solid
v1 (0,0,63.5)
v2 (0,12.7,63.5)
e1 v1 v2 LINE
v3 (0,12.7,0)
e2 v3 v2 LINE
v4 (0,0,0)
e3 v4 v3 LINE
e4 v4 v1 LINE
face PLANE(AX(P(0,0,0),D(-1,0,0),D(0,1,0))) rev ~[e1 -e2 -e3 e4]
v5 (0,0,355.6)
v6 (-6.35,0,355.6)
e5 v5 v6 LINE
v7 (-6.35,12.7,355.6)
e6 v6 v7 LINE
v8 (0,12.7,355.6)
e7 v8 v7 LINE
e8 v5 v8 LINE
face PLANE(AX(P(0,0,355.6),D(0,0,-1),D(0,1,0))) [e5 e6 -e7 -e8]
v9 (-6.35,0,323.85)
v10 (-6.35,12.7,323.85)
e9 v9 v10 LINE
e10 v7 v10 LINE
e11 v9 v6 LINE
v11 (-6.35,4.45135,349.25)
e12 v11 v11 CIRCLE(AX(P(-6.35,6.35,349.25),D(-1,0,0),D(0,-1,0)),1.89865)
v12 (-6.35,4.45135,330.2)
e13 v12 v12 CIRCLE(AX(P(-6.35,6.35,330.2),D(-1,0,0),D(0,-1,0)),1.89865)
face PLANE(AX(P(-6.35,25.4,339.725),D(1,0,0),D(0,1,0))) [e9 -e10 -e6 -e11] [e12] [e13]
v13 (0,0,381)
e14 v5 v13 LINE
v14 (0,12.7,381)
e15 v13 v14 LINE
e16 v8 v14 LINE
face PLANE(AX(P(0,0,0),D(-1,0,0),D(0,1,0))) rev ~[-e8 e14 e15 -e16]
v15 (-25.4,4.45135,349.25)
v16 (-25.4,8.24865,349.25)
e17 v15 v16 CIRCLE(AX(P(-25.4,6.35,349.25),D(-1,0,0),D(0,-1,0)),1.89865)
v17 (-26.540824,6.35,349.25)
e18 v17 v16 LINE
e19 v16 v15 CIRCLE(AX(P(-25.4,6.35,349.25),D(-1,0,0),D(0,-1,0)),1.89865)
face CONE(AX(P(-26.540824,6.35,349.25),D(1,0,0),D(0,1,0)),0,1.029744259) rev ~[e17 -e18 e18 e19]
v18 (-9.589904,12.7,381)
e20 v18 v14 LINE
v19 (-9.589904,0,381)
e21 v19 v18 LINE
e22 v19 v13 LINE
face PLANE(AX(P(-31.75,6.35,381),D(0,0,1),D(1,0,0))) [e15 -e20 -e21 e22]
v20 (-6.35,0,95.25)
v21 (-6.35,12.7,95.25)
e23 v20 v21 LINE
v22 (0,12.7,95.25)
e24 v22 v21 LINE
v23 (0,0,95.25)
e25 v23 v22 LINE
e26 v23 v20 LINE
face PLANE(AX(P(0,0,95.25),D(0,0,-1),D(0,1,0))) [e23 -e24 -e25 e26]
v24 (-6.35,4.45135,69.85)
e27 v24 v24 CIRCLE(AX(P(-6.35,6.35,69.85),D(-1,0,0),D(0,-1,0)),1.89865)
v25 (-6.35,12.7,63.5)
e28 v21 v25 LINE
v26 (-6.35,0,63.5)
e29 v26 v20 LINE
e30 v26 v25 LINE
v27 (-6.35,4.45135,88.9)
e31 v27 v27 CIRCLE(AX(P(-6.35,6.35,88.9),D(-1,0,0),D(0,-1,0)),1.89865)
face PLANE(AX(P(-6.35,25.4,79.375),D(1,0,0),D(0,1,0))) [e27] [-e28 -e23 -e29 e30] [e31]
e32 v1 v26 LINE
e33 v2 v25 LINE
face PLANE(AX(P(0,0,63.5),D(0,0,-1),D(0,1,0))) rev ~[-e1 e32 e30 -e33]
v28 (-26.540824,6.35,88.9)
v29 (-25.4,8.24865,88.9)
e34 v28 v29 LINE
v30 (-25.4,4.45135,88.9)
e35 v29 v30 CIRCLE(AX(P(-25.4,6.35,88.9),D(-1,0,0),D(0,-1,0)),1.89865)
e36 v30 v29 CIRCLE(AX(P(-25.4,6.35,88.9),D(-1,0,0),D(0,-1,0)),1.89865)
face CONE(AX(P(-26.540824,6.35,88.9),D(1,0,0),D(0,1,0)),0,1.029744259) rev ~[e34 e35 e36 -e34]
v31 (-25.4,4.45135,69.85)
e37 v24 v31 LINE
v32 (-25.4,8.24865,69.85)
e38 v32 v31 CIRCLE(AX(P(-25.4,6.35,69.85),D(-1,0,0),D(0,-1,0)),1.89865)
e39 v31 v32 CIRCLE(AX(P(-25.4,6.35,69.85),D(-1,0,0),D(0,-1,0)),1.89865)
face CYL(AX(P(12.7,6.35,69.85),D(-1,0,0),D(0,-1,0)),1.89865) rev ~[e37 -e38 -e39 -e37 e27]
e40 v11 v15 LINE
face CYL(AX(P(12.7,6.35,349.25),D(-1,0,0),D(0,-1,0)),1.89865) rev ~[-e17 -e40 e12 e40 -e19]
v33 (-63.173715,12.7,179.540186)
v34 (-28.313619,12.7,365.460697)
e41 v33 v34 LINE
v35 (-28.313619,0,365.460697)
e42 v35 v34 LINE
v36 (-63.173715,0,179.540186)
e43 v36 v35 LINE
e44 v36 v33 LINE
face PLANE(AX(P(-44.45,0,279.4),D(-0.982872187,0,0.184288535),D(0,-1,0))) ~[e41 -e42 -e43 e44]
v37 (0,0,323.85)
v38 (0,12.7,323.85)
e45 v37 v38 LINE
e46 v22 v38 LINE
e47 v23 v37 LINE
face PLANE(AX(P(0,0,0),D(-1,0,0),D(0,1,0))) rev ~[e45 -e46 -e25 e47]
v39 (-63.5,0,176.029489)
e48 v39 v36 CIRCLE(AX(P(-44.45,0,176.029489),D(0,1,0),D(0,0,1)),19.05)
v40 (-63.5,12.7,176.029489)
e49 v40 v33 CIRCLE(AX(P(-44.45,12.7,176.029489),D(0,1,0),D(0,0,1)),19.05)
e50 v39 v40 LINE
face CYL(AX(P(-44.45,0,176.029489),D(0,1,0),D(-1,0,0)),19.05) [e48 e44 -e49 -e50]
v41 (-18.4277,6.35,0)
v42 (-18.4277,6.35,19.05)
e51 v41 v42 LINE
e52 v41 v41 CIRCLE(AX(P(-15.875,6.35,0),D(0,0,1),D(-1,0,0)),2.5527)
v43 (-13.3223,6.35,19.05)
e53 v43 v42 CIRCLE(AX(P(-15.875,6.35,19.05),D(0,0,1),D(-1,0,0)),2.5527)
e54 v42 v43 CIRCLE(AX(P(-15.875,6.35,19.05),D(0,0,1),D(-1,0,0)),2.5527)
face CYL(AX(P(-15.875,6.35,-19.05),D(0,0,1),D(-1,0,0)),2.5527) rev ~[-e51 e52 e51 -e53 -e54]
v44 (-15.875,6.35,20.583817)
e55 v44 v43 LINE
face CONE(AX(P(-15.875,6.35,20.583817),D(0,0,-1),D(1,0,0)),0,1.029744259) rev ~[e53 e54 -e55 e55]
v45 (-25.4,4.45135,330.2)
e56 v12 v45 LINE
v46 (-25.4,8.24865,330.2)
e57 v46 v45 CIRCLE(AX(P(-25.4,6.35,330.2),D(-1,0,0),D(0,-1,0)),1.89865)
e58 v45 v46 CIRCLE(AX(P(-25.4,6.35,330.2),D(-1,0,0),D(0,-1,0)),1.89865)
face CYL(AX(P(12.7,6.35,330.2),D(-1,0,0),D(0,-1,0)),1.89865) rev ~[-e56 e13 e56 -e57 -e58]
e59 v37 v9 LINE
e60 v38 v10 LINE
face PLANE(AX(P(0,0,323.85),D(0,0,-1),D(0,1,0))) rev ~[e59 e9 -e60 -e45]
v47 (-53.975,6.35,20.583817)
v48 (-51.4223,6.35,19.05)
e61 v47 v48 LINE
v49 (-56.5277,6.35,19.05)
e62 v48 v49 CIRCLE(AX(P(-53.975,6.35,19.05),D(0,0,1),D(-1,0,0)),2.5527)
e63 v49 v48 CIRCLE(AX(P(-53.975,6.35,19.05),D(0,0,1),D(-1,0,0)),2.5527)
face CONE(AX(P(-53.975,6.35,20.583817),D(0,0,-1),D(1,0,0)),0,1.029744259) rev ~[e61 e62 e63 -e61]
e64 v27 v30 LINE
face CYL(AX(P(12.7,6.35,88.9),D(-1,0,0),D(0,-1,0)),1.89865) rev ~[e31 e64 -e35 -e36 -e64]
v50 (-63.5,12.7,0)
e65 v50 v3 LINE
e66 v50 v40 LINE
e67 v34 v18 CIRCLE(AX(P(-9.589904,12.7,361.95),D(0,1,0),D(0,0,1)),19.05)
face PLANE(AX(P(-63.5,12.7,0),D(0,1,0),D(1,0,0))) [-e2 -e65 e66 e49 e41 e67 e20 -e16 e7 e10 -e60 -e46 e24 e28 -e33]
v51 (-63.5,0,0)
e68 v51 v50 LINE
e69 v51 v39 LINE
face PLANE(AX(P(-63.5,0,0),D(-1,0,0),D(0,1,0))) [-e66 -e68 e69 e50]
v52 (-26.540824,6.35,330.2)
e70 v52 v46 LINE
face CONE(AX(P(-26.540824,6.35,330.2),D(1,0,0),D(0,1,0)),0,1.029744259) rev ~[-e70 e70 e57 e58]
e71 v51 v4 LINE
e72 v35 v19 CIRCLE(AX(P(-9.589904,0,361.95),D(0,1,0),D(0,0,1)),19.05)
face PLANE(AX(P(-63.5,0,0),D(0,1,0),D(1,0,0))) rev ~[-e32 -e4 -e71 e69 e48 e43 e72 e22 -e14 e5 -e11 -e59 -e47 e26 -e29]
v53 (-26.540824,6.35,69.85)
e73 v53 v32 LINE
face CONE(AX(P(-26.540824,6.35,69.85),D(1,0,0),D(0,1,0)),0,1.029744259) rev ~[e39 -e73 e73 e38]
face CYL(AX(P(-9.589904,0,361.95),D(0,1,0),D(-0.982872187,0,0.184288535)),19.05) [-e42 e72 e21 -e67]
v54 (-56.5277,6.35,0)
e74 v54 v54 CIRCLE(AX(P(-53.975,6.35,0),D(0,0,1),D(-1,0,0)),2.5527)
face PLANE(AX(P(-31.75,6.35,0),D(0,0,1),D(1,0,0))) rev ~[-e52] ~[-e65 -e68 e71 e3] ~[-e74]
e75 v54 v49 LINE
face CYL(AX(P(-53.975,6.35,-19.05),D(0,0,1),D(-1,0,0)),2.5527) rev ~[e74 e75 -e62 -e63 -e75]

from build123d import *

# Parameters (mm, degrees)
F0_W     = 63.5
F0_H     = 12.7
F1_DEPTH = 381
F3_D     = 5.1054
F3_DEPTH = 19.05
F3_TIP   = 1.5338169022
F4_W     = 50.8
F4_H     = 31.75
F5_DEPTH = 6.35
F7_D     = 3.7973
F7_DEPTH = 19.05
F7_START = 6.35
F7_TIP   = 1.1408240143
F8_SIZE2 = 38.1
F8_SIZE  = 203.2
F9_R     = 19.05


with BuildPart() as f1:
    # F0 (on Top) → F1 (new body)
    with BuildSketch(Plane.XY):
        with Locations((-31.75, 6.35)):
            Rectangle(F0_W, F0_H)
    extrude(amount=F1_DEPTH)

    # F3
    with Locations(Plane(origin=(0, 0, 0), x_dir=(1, 0, 0), z_dir=(0, 0, -1))):
        with Locations((-15.875, -6.35), (-53.975, -6.35)):
            Hole(F3_D / 2, depth=F3_DEPTH)
            with Locations((0, 0, -(F3_DEPTH + F3_TIP / 2))):  # 118° drill point
                Cone(0, F3_D / 2, F3_TIP, mode=Mode.SUBTRACT)

    # F4 (on face) → F5 (cut)
    with BuildSketch(Plane.YZ):
        with Locations((25.4, 79.375)):
            Rectangle(F4_W, F4_H)
        with Locations((25.4, 339.725)):
            Rectangle(F4_W, F4_H)
    extrude(amount=-F5_DEPTH, mode=Mode.SUBTRACT)

    # F7
    # its depths count from where the whole tool has entered the part; down to there all is cleared
    with Locations(Plane.YZ.offset(-F7_START)):
        with Locations((6.35, 69.85), (6.35, 88.9), (6.35, 330.2), (6.35, 349.25)):
            Hole(F7_D / 2, depth=F7_DEPTH)
            with Locations((0, 0, -(F7_DEPTH + F7_TIP / 2))):  # 118° drill point
                Cone(0, F7_D / 2, F7_TIP, mode=Mode.SUBTRACT)

    # F8
    f8_edges = [f1.edges().sort_by_distance(p)[0] for p in [
        (-63.5, 6.35, 381),
    ]]
    f8_side = f1.faces().sort_by_distance((-63.5, 6.35, 190.5))[0]
    chamfer(f8_edges, length=F8_SIZE, length2=F8_SIZE2, reference=f8_side)

    # F9
    f9_edges = [f1.edges().sort_by_distance(p)[0] for p in [
        (-25.4, 6.35, 381),
        (-63.5, 6.35, 177.8),
    ]]
    fillet(f9_edges, radius=F9_R)


solid = f1.part
